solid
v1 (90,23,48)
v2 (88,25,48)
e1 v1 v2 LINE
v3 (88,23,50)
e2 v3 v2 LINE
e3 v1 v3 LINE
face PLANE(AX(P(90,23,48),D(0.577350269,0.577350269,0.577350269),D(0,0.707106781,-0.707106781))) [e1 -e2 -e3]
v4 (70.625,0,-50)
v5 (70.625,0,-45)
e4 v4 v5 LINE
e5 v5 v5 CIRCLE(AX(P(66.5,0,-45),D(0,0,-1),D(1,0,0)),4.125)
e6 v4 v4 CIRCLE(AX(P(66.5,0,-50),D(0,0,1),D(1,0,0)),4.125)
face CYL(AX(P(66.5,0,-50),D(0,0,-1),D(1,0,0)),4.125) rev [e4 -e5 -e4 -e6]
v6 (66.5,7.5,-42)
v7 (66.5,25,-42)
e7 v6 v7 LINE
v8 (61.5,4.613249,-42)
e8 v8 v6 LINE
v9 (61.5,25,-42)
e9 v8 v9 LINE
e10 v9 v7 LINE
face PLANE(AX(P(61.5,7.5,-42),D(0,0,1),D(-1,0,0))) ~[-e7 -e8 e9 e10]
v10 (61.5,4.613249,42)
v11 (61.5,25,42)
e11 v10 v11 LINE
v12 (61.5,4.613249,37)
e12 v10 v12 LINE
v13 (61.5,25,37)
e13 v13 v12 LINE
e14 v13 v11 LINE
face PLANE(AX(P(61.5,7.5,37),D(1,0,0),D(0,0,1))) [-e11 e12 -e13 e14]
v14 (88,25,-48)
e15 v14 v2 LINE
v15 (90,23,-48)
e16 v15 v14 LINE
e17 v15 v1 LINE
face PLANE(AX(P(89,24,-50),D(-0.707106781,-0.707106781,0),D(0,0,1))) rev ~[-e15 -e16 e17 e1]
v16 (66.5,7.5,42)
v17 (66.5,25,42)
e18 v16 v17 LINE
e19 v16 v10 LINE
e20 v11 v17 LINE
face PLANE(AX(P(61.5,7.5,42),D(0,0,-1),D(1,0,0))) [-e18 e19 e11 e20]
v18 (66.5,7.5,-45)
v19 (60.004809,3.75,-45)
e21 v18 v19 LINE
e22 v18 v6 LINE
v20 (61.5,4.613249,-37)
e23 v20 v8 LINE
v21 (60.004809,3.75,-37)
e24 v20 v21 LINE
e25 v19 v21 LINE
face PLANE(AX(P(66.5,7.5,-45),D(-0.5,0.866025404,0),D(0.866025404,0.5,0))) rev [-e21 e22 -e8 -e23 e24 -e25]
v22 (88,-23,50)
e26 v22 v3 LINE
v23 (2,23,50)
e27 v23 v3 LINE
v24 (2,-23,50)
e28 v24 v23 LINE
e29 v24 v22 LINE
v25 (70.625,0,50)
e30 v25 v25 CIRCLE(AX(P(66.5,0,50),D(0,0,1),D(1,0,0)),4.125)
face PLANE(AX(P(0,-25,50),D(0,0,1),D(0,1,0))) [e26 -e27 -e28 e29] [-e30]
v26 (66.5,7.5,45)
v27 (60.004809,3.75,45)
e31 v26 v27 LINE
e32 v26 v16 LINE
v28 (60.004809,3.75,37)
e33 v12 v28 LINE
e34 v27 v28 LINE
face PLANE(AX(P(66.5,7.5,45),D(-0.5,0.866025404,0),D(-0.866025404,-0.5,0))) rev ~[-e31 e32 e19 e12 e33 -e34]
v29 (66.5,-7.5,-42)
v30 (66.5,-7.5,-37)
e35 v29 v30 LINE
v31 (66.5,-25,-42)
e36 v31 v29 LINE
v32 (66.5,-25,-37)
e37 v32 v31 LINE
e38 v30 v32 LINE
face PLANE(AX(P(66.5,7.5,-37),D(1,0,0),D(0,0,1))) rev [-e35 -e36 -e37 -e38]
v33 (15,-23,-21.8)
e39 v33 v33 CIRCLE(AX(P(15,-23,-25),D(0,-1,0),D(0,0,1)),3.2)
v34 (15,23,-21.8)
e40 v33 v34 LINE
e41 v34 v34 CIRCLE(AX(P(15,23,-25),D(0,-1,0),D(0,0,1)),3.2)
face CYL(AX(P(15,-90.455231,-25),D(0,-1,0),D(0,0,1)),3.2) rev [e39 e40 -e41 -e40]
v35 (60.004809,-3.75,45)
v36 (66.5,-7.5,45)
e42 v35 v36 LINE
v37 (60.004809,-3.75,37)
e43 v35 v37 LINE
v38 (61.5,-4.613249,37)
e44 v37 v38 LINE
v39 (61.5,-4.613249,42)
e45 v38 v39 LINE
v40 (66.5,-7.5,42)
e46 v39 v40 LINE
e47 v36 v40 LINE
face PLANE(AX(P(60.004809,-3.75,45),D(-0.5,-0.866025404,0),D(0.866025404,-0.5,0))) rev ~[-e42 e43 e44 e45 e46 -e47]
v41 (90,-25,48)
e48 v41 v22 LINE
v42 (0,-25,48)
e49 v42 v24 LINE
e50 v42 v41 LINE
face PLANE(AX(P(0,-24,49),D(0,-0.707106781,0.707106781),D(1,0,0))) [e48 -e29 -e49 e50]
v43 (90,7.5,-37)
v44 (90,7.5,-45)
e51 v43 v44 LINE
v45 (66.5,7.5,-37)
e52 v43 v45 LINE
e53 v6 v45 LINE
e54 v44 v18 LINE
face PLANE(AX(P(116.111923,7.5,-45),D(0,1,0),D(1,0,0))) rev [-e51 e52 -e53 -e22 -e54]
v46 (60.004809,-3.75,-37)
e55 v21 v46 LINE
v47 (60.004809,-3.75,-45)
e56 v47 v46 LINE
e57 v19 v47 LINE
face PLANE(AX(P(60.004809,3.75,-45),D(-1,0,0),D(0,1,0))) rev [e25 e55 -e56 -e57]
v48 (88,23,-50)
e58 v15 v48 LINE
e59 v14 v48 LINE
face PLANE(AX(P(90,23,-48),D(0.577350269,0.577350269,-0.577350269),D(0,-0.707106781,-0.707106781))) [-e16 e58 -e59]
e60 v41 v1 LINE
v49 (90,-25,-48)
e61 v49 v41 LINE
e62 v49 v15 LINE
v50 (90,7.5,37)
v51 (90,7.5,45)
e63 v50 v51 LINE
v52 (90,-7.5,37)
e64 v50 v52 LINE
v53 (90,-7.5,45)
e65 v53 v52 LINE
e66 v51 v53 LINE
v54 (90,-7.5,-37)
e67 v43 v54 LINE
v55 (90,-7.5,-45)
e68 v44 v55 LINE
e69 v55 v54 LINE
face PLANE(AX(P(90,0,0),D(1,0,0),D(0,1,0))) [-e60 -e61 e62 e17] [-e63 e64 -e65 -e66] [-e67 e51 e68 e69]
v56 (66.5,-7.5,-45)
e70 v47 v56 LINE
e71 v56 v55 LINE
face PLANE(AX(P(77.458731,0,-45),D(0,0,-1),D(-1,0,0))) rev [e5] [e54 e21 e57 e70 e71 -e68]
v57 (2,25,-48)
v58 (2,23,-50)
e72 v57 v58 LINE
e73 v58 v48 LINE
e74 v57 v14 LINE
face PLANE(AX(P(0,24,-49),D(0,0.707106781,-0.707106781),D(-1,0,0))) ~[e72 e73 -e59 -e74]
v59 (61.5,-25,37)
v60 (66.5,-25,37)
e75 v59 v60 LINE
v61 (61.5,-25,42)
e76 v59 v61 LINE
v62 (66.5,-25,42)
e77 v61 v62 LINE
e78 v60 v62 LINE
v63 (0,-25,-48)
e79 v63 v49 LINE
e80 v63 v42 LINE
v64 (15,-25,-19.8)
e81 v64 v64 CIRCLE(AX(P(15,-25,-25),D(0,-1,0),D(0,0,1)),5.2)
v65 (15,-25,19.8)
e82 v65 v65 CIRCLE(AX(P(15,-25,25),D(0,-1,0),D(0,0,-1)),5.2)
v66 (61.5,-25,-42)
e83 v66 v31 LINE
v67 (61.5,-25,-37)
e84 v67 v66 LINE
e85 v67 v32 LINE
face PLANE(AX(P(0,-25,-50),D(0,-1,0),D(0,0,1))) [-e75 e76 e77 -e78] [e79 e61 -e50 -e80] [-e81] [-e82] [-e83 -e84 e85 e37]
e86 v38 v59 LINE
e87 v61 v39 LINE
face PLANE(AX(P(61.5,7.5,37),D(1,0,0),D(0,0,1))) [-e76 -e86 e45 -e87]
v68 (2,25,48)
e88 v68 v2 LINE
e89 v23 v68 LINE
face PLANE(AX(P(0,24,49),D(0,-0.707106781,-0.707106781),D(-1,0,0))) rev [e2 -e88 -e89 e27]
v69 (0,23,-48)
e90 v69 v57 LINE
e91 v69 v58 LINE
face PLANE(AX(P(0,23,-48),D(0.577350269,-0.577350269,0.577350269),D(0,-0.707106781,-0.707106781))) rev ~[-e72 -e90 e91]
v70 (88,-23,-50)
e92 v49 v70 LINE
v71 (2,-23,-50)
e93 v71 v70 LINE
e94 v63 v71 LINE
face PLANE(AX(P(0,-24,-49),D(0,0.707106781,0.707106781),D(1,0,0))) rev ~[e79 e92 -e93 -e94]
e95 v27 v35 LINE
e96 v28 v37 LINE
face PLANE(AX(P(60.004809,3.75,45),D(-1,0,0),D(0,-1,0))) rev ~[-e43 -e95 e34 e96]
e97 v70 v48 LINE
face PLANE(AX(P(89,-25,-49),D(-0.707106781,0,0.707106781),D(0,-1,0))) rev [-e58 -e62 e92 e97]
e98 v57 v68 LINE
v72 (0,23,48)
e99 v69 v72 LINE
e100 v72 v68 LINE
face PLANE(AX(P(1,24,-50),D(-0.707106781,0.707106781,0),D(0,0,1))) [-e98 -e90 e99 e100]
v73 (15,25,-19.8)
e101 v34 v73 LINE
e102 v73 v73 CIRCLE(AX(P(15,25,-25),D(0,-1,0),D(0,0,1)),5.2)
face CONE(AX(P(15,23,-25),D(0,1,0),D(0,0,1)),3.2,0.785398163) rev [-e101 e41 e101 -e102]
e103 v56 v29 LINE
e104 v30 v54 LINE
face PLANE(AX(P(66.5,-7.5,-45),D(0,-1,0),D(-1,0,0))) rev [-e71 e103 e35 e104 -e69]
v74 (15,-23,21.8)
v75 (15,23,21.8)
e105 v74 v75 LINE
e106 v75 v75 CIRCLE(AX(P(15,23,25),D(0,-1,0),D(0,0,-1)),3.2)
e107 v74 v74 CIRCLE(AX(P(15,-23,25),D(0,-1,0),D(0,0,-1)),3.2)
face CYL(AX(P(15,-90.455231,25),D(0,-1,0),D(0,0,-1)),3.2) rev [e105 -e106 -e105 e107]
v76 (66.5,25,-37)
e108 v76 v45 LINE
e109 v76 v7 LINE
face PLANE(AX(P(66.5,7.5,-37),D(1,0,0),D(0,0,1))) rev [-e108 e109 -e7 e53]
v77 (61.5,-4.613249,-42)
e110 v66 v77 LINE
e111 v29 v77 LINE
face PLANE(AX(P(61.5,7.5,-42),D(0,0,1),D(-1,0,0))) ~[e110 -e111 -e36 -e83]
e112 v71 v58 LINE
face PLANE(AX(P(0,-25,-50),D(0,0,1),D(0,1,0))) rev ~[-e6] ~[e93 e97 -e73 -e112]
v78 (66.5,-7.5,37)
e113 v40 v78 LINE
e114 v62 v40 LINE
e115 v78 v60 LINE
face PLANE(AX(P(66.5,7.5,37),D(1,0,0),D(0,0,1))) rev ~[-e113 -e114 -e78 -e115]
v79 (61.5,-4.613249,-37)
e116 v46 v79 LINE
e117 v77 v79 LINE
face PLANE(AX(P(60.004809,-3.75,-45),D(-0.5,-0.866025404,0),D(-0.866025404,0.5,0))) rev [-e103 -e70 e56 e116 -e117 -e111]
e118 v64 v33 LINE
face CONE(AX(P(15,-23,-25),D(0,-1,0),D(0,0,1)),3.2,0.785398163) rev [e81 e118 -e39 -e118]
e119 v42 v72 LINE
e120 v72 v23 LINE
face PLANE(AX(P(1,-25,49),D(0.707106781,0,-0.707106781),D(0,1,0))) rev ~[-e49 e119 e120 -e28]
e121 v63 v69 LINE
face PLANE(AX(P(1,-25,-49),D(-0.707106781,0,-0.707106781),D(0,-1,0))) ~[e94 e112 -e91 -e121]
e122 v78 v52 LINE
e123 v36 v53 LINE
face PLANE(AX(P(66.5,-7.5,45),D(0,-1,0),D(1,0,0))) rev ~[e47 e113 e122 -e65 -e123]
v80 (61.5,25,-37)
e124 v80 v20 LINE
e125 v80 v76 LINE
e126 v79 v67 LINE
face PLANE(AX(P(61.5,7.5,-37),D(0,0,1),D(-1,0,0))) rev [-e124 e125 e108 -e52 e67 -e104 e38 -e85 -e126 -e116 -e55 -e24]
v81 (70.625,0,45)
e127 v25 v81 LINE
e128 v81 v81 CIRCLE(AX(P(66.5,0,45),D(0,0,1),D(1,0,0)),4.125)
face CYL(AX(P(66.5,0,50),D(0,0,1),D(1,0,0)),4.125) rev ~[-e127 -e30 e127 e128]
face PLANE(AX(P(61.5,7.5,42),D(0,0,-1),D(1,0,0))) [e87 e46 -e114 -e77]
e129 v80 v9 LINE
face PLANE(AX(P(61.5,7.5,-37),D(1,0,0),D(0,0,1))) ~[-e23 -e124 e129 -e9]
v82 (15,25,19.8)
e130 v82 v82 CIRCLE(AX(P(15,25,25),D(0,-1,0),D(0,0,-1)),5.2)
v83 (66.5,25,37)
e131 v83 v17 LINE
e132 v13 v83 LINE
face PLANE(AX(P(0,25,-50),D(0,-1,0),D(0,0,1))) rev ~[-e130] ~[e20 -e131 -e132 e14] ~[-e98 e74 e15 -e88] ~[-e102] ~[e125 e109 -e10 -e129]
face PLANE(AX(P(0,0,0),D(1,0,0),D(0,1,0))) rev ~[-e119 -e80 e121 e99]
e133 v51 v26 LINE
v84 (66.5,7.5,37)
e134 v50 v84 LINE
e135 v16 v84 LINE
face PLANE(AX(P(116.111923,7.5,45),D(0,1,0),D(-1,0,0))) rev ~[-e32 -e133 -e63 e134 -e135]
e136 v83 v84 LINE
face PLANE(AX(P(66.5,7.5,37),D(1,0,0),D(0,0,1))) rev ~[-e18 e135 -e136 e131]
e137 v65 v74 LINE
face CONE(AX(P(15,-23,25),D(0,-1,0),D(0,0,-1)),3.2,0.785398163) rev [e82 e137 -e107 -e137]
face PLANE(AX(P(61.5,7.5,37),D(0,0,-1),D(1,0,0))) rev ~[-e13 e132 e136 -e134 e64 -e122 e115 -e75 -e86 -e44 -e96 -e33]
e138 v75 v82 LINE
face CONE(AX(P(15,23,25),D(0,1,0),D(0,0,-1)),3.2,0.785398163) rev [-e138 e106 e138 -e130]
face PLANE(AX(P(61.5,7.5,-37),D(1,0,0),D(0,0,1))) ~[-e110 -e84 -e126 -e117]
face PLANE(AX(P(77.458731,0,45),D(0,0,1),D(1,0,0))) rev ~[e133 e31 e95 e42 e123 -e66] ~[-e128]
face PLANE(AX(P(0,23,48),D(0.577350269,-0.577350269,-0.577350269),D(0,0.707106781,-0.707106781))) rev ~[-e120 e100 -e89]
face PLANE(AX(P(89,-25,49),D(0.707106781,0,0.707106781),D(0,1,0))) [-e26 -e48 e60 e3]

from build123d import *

# Parameters (mm, degrees)
SKETCH1_W               = 50
SKETCH1_H               = 100
BOSS_EXTRUDE1_DEPTH     = 90
CUT_EXTRUDE1_DEPTH      = 115.455231423
CUT_EXTRUDE1_DEPTH_BACK = 115.455231423
SKETCH2_R               = 3.2
CHAMFER1_SIZE           = 2
CUT_EXTRUDE2_START      = -5
SKETCH3_W               = 28.111922991
SKETCH3_H               = 15
CUT_EXTRUDE2_DEPTH      = 8
SKETCH4_R               = 4.125
CUT_EXTRUDE3_DEPTH      = 8
SKETCH6_W               = 5
SKETCH6_H               = 5
CUT_EXTRUDE4_DEPTH      = 108.964114408


with BuildPart() as part:
    # Sketch1 → Boss-Extrude1 (new body)
    with BuildSketch(Plane.YZ):
        Rectangle(SKETCH1_W, SKETCH1_H)
    extrude(amount=BOSS_EXTRUDE1_DEPTH)

    # Sketch2 → Cut-Extrude1 (cut, two sides: drawn at the far end of the back side and taken through both)
    with BuildSketch(Plane(origin=(0, 25, 0), x_dir=(-1, 0, 0), z_dir=(0, 1, 0)).offset(-CUT_EXTRUDE1_DEPTH_BACK)):
        with Locations(Location((-15, -25, 0), (0, 0, 90))):
            Circle(SKETCH2_R)
        with Locations(Location((-15, 25, 0), (0, 0, 270))):
            Circle(SKETCH2_R)
    extrude(amount=CUT_EXTRUDE1_DEPTH + CUT_EXTRUDE1_DEPTH_BACK, mode=Mode.SUBTRACT)

    # Chamfer1
    chamfer1_edges = [part.edges().sort_by_distance(p)[0] for p in [
        (45, 25, 50),
        (45, -25, 50),
        (0, 0, 50),
        (90, 0, 50),
        (45, 25, -50),
        (0, 25, 0),
        (90, 25, 0),
        (15, 25, -28.2),
        (15, 25, 28.2),
        (45, -25, -50),
        (15, -25, 28.2),
        (15, -25, -28.2),
        (0, 0, -50),
        (90, 0, -50),
    ]]
    chamfer(chamfer1_edges, length=CHAMFER1_SIZE)

    # Sketch3 → Cut-Extrude2 (cut)
    with BuildSketch(Plane.XY.offset(50).offset(CUT_EXTRUDE2_START)):
        Polygon((66.5, 7.5), (72.995190528, 3.75), (72.995190528, -3.75), (66.5, -7.5), (88, -7.5), (88, 7.5), align=None)
        with Locations((102.055961496, 0)):
            Rectangle(SKETCH3_W, SKETCH3_H)
        Polygon((66.5, -7.5), (72.995190528, -3.75), (72.995190528, 3.75), (66.5, 7.5), (60.004809472, 3.75), (60.004809472, -3.75), align=None)
    cut_extrude2 = extrude(amount=-CUT_EXTRUDE2_DEPTH, mode=Mode.SUBTRACT)

    # Sketch4 → Cut-Extrude3 (cut)
    with BuildSketch(Plane.XY.offset(50)):
        with Locations((66.5, 0)):
            Circle(SKETCH4_R)
    cut_extrude3 = extrude(amount=-CUT_EXTRUDE3_DEPTH, mode=Mode.SUBTRACT)

    # Sketch6 → Cut-Extrude4 (cut, symmetric)
    with BuildSketch(Plane.XZ.offset(-7.5)):
        with Locations((64, 39.5)):
            Rectangle(SKETCH6_W, SKETCH6_H)
    cut_extrude4 = extrude(amount=CUT_EXTRUDE4_DEPTH, both=True, mode=Mode.SUBTRACT)

    # Mirror1: Cut-Extrude2, Cut-Extrude3, Cut-Extrude4 across plane
    add(cut_extrude2.mirror(Plane.XY), mode=Mode.SUBTRACT)
    add(cut_extrude3.mirror(Plane.XY), mode=Mode.SUBTRACT)
    add(cut_extrude4.mirror(Plane.XY), mode=Mode.SUBTRACT)


solid = part.part
